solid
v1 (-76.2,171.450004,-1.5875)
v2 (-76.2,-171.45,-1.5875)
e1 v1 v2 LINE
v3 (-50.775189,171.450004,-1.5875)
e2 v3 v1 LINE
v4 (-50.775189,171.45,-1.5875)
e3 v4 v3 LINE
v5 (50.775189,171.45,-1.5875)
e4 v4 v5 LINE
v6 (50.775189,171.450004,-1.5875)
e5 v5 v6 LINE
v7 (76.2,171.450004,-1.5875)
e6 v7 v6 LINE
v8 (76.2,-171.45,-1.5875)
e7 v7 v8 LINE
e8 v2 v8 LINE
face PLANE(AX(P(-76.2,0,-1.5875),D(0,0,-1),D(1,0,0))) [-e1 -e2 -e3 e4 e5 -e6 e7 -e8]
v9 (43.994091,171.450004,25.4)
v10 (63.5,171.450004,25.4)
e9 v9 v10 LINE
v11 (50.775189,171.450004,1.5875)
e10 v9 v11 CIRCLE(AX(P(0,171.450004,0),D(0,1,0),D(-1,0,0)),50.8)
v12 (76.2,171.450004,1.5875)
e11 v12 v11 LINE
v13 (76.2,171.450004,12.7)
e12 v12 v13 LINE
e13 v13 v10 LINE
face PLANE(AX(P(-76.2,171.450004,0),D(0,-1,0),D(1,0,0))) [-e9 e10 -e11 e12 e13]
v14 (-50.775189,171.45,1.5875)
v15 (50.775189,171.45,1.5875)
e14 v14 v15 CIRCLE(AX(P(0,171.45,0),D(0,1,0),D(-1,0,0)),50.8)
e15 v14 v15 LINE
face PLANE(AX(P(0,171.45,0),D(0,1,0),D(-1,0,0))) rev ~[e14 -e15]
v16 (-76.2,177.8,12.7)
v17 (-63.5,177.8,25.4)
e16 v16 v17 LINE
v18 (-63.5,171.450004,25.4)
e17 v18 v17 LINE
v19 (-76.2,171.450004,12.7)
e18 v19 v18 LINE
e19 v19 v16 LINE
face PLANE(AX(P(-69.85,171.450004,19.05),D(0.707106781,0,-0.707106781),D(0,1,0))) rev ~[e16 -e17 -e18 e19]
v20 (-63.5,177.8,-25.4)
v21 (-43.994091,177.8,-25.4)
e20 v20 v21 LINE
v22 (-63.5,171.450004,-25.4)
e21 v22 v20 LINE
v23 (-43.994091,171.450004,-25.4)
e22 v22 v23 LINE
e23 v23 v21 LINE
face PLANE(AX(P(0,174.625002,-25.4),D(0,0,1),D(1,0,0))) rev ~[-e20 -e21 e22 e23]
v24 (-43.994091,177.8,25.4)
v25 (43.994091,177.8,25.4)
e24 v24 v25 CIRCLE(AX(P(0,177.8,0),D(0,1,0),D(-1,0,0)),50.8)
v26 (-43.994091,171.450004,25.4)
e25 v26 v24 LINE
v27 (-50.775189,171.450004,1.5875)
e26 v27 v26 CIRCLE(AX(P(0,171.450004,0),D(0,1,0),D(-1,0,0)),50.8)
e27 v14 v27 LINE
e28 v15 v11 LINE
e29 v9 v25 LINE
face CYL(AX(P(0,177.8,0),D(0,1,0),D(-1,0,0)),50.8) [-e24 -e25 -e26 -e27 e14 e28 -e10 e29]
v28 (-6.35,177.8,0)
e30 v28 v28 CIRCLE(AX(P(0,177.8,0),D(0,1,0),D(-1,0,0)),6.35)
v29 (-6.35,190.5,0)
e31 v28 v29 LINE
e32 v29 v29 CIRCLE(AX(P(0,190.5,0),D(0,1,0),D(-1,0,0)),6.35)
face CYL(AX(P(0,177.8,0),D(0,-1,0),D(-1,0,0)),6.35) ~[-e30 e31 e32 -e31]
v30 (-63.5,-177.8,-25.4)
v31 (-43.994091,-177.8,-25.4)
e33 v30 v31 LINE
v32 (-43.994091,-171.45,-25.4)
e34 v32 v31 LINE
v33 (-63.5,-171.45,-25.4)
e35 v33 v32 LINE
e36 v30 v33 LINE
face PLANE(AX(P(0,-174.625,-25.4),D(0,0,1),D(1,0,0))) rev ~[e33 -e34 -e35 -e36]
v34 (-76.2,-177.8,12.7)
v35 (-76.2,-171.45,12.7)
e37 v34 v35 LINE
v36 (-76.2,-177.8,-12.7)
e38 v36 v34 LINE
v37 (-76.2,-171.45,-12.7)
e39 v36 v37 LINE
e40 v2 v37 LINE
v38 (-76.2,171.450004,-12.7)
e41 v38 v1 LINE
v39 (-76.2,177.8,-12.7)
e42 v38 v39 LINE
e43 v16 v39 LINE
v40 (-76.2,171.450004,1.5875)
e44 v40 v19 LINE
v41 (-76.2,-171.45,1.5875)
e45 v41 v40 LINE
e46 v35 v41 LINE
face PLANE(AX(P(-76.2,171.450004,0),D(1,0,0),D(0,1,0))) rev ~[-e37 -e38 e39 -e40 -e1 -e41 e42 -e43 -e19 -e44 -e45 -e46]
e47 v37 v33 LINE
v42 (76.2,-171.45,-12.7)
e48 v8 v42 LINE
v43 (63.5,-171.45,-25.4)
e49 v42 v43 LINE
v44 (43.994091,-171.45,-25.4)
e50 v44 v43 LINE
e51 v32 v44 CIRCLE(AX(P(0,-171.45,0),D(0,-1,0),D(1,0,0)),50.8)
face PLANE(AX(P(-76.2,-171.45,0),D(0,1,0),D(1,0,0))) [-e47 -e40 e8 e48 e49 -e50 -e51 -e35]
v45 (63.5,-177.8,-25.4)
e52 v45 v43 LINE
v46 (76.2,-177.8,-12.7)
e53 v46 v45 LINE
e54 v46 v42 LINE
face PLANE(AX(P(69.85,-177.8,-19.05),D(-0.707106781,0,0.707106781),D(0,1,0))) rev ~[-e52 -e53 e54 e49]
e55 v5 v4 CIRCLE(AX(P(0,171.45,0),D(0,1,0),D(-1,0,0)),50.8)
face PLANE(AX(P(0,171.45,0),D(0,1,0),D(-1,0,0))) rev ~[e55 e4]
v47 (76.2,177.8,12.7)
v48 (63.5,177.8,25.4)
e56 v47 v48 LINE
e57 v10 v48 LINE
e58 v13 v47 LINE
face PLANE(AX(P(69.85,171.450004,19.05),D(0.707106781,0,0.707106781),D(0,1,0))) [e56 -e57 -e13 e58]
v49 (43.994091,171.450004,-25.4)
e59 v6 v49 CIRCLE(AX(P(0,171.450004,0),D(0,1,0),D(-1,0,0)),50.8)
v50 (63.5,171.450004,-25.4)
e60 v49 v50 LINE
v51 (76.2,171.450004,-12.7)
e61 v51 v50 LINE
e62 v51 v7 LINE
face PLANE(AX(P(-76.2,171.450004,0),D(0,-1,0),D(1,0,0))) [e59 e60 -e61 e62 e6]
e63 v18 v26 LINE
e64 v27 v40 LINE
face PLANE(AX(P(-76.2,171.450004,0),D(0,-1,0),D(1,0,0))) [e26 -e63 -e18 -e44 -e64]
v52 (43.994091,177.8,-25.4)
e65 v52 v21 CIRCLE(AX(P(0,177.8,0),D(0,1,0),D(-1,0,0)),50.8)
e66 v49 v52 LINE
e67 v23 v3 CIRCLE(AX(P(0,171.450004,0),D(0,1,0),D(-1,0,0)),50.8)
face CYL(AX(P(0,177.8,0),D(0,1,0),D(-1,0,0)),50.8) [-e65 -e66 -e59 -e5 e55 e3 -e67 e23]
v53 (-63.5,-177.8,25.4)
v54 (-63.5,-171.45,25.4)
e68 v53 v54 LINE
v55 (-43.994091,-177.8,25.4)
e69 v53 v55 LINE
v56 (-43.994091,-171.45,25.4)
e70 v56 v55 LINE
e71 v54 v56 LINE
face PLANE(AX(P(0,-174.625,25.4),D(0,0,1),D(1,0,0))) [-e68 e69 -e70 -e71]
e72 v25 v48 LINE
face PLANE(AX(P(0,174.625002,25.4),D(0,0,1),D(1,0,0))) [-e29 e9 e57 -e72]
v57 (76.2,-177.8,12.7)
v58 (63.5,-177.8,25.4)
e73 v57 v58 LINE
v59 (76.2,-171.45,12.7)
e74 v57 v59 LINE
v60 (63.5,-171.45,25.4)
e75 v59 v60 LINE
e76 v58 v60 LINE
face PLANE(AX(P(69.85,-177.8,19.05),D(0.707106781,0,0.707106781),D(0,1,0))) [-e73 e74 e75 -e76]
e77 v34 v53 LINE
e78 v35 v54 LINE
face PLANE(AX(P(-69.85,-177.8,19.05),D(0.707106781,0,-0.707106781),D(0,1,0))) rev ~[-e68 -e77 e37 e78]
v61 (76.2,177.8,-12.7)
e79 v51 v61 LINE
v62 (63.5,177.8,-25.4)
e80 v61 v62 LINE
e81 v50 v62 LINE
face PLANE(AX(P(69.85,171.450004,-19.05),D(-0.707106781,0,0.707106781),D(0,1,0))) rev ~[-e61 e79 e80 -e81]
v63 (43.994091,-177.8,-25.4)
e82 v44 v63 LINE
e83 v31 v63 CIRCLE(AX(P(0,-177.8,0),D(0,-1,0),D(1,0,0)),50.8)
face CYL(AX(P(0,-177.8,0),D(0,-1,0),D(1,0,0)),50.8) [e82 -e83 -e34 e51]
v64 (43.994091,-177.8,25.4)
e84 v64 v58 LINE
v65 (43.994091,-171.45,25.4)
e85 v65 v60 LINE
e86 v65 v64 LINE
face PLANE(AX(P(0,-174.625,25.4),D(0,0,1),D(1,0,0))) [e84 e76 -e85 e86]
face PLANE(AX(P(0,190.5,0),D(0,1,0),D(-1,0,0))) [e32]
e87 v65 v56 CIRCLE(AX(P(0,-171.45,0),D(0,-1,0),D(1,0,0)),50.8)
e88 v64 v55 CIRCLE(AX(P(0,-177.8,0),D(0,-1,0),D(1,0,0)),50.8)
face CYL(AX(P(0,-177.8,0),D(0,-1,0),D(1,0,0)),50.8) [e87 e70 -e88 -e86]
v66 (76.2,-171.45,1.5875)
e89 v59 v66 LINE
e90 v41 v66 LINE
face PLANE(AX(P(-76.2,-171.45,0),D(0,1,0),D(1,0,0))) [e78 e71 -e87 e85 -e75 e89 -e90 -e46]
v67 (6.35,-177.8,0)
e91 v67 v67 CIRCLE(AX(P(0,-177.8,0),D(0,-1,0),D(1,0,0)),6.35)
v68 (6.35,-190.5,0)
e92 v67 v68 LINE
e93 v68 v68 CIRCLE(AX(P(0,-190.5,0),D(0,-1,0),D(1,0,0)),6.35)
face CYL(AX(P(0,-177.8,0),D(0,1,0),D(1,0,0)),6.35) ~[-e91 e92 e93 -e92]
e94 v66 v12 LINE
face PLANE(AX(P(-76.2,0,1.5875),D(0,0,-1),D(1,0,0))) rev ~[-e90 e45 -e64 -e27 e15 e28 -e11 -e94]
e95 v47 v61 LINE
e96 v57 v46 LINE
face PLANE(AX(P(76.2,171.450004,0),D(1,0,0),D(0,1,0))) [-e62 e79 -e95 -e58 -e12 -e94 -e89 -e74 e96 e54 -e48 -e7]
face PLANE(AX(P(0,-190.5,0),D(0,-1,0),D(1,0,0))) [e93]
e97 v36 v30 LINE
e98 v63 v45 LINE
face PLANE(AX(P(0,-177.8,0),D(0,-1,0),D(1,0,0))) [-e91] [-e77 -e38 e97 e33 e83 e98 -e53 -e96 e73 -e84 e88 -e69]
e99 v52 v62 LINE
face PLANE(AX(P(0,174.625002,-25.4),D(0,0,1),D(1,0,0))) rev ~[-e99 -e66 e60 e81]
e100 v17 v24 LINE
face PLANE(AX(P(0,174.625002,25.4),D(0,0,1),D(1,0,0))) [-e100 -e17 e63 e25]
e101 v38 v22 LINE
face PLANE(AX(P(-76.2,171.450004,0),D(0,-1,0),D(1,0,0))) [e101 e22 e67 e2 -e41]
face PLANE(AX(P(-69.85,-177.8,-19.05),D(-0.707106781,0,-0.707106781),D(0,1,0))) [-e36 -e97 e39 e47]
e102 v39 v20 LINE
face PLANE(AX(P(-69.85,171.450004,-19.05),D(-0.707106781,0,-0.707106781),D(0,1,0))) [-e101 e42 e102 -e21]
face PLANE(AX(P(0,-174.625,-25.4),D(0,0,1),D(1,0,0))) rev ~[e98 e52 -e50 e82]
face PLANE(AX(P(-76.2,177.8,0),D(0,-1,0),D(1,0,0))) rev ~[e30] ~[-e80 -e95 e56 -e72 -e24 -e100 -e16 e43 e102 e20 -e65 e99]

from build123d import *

# Parameters (mm, degrees)
F0_W      = 152.4
F0_H      = 3.175
F1_DEPTH  = 177.8
F2_W      = 152.4
F2_H      = 6.35
F2_H_2    = 6.349996
F3_DEPTH  = 25.4
F4_SIZE   = 12.7
F5_R      = 6.35
F6_DEPTH  = 12.7
F7_R      = 6.35
F8_DEPTH  = 12.7
F9_R      = 50.8
F10_DEPTH = 6.35
F11_R     = 50.8
F12_DEPTH = 6.35


with BuildPart() as f1:
    # F0 (on Front) → F1 (new body, symmetric)
    with BuildSketch(Plane.XZ):
        Rectangle(F0_W, F0_H)
    extrude(amount=F1_DEPTH, both=True)

    # F2 (on Top) → F3 (join, symmetric)
    with BuildSketch(Plane.XY):
        with Locations((0, -174.625)):
            Rectangle(F2_W, F2_H)
        with Locations((0, 174.625002)):
            Rectangle(F2_W, F2_H_2)
    extrude(amount=F3_DEPTH, both=True)

    # F4
    f4_edges = [f1.edges().sort_by_distance(p)[0] for p in [
        (76.2, -174.625, 25.4),
        (-76.2, -174.625, 25.4),
        (-76.2, -174.625, -25.4),
        (76.2, -174.625, -25.4),
        (76.2, 174.625002, 25.4),
        (-76.2, 174.625002, 25.4),
        (76.2, 174.625002, -25.4),
        (-76.2, 174.625002, -25.4),
    ]]
    chamfer(f4_edges, length=F4_SIZE)

    # F5 (on face) → F6 (join)
    with BuildSketch(Plane(origin=(0, 177.8, 0), x_dir=(-1, 0, 0), z_dir=(0, 1, 0))):
        Circle(F5_R)
    extrude(amount=F6_DEPTH)

    # F7 (on face) → F8 (join)
    with BuildSketch(Plane.XZ.offset(177.8)):
        Circle(F7_R)
    extrude(amount=F8_DEPTH)

    # F9 (on face) → F10 (join)
    with BuildSketch(Plane(origin=(0, 177.8, 0), x_dir=(-1, 0, 0), z_dir=(0, 1, 0))):
        Circle(F9_R)
    extrude(amount=-F10_DEPTH)

    # F11 (on face) → F12 (join)
    with BuildSketch(Plane.XZ.offset(177.8)):
        Circle(F11_R)
    extrude(amount=-F12_DEPTH)


solid = f1.part
